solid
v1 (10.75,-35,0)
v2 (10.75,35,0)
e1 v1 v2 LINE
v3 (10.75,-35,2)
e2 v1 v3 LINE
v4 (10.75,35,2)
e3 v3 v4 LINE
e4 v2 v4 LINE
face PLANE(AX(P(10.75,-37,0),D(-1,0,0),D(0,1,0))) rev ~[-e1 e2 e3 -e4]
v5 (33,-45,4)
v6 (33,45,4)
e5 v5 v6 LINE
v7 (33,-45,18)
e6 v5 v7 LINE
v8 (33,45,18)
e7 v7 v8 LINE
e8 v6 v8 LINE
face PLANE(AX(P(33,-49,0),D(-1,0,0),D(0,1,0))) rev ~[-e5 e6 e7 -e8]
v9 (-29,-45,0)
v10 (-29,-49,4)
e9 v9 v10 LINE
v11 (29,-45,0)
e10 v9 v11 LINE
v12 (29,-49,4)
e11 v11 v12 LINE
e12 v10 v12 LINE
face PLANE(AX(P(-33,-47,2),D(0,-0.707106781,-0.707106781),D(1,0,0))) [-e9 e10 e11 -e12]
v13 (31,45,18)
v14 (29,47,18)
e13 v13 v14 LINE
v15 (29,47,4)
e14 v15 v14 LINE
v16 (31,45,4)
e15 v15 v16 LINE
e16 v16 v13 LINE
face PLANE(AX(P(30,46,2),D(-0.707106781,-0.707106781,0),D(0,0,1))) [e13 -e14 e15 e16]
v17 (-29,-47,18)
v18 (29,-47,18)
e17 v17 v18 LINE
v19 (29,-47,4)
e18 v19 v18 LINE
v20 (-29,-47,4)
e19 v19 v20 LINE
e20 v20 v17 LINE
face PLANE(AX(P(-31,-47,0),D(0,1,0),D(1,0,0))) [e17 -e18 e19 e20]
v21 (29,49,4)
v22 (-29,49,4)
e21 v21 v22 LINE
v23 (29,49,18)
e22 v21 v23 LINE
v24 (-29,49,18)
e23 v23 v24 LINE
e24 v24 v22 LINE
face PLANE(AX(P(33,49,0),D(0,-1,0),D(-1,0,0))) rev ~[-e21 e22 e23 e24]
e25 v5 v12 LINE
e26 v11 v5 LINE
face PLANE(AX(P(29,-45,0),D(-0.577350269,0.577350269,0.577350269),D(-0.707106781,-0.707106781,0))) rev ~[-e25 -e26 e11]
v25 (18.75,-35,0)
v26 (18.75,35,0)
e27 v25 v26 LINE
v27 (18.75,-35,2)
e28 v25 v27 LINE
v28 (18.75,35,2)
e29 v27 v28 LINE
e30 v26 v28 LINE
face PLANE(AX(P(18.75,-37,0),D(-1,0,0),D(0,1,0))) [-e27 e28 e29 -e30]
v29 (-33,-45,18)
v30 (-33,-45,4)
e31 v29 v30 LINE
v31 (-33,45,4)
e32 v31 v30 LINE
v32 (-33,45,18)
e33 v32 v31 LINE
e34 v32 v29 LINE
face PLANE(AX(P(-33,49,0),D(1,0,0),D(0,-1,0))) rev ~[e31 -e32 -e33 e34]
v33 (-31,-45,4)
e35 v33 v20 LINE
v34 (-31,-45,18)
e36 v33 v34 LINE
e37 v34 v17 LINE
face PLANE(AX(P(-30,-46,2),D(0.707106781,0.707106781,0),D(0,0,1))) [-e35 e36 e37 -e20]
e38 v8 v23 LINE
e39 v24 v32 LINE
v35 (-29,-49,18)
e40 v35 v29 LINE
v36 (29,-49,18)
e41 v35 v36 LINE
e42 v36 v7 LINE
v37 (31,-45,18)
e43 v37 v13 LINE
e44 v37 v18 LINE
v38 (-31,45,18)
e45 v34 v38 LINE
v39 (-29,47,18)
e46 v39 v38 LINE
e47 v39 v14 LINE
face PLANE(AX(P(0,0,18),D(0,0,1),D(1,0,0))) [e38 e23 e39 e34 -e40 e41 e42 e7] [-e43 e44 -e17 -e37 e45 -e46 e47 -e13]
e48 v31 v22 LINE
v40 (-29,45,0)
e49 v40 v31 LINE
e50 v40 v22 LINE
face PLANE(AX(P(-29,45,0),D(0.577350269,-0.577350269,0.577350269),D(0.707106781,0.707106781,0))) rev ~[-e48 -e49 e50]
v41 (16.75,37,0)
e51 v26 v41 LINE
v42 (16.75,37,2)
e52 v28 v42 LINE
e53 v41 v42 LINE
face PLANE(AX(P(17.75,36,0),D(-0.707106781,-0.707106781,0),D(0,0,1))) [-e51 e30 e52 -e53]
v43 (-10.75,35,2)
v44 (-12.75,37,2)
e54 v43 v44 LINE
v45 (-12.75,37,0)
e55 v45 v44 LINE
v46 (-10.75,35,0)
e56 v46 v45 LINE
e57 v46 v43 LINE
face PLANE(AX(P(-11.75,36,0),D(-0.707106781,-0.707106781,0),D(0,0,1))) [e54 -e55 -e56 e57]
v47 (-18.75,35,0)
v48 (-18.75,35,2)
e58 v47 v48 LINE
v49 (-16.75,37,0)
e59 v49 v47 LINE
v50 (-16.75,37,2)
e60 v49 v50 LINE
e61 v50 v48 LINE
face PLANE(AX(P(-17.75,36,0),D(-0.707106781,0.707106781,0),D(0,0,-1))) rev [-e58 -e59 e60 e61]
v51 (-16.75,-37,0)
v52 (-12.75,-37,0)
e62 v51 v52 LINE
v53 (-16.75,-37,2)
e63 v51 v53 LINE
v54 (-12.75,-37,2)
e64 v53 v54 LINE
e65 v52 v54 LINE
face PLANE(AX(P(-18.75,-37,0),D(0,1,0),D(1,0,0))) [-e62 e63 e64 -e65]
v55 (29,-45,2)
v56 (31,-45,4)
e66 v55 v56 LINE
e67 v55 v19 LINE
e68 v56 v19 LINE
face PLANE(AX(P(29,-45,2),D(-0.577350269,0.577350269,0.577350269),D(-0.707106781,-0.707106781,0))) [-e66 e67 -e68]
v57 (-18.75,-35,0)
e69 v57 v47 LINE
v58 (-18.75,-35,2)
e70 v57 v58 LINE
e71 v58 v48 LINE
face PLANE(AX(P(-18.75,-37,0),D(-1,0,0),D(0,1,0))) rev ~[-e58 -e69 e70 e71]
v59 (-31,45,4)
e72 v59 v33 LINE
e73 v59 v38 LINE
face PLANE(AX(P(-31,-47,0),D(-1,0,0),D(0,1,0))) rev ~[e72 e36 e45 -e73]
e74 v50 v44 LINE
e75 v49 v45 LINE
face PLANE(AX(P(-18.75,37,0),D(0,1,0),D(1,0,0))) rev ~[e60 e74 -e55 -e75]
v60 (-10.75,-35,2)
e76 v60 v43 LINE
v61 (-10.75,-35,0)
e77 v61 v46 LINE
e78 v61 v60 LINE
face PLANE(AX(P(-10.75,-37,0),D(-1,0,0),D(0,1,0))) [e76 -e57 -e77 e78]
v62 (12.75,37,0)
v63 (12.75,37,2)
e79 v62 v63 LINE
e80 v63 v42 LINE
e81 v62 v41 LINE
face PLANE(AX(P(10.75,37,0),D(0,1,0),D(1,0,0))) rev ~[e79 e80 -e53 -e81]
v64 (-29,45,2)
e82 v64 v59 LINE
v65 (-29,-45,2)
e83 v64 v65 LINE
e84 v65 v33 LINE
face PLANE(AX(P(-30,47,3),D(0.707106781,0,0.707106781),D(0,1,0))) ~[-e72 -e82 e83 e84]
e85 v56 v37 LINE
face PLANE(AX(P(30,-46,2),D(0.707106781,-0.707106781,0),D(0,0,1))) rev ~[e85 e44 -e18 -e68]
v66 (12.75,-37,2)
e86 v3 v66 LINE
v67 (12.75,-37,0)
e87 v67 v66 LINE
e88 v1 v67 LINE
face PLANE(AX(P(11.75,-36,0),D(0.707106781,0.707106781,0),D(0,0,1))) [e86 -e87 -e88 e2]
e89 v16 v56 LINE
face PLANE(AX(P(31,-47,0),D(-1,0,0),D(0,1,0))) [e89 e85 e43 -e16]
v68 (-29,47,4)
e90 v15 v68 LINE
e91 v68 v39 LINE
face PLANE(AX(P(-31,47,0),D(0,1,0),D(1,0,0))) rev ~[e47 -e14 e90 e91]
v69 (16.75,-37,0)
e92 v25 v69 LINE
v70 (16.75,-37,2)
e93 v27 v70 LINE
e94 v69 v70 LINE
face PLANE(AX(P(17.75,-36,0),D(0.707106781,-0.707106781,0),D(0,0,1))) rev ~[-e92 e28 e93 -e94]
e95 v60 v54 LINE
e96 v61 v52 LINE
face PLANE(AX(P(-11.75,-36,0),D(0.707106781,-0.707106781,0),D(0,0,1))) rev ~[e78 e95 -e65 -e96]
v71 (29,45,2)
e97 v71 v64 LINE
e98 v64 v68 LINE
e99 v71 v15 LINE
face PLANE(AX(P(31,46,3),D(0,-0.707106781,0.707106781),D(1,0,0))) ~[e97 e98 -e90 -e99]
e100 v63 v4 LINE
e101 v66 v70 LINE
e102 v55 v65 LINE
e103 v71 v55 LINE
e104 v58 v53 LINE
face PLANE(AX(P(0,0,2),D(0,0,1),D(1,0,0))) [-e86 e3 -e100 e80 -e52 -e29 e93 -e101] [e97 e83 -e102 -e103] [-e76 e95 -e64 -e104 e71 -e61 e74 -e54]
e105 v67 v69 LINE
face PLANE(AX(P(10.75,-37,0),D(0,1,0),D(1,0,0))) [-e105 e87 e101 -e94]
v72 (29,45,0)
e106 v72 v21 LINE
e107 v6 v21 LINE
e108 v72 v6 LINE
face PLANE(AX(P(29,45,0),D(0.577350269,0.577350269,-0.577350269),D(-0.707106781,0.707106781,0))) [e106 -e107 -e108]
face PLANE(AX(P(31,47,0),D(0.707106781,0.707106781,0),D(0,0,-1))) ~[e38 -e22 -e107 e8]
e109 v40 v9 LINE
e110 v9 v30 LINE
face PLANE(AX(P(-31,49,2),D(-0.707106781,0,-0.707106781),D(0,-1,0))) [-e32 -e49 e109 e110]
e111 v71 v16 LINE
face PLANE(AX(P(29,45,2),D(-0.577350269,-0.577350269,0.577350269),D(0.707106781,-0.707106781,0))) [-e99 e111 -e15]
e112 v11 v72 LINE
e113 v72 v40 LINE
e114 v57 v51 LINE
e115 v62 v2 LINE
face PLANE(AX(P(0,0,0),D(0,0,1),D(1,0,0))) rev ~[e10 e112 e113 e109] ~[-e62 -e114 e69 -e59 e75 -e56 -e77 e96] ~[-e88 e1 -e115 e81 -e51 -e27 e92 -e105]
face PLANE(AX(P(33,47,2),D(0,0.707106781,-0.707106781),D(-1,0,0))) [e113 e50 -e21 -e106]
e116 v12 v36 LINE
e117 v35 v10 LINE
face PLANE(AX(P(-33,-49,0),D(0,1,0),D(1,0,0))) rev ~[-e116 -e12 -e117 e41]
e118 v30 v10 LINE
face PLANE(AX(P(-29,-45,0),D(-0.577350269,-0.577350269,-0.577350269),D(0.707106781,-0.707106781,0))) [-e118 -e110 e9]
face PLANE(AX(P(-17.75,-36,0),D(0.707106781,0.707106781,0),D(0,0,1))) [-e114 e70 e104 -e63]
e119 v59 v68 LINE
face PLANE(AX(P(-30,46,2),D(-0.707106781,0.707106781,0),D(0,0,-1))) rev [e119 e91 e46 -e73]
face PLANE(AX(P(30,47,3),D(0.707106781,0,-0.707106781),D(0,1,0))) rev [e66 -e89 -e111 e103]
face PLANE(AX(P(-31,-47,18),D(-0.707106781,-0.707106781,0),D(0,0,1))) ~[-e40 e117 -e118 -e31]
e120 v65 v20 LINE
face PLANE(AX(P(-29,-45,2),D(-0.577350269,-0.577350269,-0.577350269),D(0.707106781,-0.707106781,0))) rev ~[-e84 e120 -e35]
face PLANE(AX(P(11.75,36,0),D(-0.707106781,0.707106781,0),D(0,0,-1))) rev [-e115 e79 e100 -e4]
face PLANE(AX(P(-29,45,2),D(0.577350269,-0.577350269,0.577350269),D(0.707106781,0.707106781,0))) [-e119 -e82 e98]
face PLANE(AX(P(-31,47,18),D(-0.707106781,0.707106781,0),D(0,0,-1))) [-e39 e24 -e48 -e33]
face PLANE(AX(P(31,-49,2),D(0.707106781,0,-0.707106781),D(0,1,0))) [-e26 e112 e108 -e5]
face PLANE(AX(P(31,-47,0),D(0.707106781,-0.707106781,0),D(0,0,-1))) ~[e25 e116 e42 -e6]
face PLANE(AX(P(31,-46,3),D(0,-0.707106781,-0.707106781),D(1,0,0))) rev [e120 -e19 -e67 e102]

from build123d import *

# Parameters (mm, degrees)
F0_W     = 62
F0_H     = 94
F0_W_2   = 8
F0_H_2   = 74
F1_DEPTH = 2
F2_DEPTH = 18
F3_SIZE  = 2
F4_SIZE  = 4


with BuildPart() as f1:
    # F0 (on Top) → F1 (new body)
    with BuildSketch(Plane.XY):
        Polygon((-33, -44), (-33, -49), (33, -49), (33, 49), (-33, 49), (-33, 44), align=None)
        Rectangle(F0_W, F0_H, mode=Mode.SUBTRACT)
        Rectangle(F0_W, F0_H)
        with Locations((-14.75, 0)):
            Rectangle(F0_W_2, F0_H_2, mode=Mode.SUBTRACT)
        with Locations((14.75, 0)):
            Rectangle(F0_W_2, F0_H_2, mode=Mode.SUBTRACT)
    extrude(amount=F1_DEPTH)

    # F0 (on Top) → F2 (join)
    with BuildSketch(Plane.XY):
        Polygon((-33, -44), (-33, -49), (33, -49), (33, 49), (-33, 49), (-33, 44), align=None)
        Rectangle(F0_W, F0_H, mode=Mode.SUBTRACT)
    extrude(amount=F2_DEPTH)

    # F3
    f3_edges = [f1.edges().sort_by_distance(p)[0] for p in [
        (31, 47, 10),
        (-31, 47, 10),
        (-31, -47, 10),
        (31, -47, 10),
        (-18.75, 37, 1),
        (10.75, 37, 1),
        (-10.75, 37, 1),
        (18.75, 37, 1),
        (-10.75, -37, 1),
        (18.75, -37, 1),
        (10.75, -37, 1),
        (-18.75, -37, 1),
        (-31, 0, 2),
        (0, 47, 2),
        (31, 0, 2),
        (0, -47, 2),
    ]]
    chamfer(f3_edges, length=F3_SIZE)

    # F4
    f4_edges = [f1.edges().sort_by_distance(p)[0] for p in [
        (-33, 49, 9),
        (33, 49, 9),
        (33, -49, 9),
        (-33, -49, 9),
        (-33, 0, 0),
        (33, 0, 0),
        (0, -49, 0),
        (0, 49, 0),
    ]]
    chamfer(f4_edges, length=F4_SIZE)


solid = f1.part
